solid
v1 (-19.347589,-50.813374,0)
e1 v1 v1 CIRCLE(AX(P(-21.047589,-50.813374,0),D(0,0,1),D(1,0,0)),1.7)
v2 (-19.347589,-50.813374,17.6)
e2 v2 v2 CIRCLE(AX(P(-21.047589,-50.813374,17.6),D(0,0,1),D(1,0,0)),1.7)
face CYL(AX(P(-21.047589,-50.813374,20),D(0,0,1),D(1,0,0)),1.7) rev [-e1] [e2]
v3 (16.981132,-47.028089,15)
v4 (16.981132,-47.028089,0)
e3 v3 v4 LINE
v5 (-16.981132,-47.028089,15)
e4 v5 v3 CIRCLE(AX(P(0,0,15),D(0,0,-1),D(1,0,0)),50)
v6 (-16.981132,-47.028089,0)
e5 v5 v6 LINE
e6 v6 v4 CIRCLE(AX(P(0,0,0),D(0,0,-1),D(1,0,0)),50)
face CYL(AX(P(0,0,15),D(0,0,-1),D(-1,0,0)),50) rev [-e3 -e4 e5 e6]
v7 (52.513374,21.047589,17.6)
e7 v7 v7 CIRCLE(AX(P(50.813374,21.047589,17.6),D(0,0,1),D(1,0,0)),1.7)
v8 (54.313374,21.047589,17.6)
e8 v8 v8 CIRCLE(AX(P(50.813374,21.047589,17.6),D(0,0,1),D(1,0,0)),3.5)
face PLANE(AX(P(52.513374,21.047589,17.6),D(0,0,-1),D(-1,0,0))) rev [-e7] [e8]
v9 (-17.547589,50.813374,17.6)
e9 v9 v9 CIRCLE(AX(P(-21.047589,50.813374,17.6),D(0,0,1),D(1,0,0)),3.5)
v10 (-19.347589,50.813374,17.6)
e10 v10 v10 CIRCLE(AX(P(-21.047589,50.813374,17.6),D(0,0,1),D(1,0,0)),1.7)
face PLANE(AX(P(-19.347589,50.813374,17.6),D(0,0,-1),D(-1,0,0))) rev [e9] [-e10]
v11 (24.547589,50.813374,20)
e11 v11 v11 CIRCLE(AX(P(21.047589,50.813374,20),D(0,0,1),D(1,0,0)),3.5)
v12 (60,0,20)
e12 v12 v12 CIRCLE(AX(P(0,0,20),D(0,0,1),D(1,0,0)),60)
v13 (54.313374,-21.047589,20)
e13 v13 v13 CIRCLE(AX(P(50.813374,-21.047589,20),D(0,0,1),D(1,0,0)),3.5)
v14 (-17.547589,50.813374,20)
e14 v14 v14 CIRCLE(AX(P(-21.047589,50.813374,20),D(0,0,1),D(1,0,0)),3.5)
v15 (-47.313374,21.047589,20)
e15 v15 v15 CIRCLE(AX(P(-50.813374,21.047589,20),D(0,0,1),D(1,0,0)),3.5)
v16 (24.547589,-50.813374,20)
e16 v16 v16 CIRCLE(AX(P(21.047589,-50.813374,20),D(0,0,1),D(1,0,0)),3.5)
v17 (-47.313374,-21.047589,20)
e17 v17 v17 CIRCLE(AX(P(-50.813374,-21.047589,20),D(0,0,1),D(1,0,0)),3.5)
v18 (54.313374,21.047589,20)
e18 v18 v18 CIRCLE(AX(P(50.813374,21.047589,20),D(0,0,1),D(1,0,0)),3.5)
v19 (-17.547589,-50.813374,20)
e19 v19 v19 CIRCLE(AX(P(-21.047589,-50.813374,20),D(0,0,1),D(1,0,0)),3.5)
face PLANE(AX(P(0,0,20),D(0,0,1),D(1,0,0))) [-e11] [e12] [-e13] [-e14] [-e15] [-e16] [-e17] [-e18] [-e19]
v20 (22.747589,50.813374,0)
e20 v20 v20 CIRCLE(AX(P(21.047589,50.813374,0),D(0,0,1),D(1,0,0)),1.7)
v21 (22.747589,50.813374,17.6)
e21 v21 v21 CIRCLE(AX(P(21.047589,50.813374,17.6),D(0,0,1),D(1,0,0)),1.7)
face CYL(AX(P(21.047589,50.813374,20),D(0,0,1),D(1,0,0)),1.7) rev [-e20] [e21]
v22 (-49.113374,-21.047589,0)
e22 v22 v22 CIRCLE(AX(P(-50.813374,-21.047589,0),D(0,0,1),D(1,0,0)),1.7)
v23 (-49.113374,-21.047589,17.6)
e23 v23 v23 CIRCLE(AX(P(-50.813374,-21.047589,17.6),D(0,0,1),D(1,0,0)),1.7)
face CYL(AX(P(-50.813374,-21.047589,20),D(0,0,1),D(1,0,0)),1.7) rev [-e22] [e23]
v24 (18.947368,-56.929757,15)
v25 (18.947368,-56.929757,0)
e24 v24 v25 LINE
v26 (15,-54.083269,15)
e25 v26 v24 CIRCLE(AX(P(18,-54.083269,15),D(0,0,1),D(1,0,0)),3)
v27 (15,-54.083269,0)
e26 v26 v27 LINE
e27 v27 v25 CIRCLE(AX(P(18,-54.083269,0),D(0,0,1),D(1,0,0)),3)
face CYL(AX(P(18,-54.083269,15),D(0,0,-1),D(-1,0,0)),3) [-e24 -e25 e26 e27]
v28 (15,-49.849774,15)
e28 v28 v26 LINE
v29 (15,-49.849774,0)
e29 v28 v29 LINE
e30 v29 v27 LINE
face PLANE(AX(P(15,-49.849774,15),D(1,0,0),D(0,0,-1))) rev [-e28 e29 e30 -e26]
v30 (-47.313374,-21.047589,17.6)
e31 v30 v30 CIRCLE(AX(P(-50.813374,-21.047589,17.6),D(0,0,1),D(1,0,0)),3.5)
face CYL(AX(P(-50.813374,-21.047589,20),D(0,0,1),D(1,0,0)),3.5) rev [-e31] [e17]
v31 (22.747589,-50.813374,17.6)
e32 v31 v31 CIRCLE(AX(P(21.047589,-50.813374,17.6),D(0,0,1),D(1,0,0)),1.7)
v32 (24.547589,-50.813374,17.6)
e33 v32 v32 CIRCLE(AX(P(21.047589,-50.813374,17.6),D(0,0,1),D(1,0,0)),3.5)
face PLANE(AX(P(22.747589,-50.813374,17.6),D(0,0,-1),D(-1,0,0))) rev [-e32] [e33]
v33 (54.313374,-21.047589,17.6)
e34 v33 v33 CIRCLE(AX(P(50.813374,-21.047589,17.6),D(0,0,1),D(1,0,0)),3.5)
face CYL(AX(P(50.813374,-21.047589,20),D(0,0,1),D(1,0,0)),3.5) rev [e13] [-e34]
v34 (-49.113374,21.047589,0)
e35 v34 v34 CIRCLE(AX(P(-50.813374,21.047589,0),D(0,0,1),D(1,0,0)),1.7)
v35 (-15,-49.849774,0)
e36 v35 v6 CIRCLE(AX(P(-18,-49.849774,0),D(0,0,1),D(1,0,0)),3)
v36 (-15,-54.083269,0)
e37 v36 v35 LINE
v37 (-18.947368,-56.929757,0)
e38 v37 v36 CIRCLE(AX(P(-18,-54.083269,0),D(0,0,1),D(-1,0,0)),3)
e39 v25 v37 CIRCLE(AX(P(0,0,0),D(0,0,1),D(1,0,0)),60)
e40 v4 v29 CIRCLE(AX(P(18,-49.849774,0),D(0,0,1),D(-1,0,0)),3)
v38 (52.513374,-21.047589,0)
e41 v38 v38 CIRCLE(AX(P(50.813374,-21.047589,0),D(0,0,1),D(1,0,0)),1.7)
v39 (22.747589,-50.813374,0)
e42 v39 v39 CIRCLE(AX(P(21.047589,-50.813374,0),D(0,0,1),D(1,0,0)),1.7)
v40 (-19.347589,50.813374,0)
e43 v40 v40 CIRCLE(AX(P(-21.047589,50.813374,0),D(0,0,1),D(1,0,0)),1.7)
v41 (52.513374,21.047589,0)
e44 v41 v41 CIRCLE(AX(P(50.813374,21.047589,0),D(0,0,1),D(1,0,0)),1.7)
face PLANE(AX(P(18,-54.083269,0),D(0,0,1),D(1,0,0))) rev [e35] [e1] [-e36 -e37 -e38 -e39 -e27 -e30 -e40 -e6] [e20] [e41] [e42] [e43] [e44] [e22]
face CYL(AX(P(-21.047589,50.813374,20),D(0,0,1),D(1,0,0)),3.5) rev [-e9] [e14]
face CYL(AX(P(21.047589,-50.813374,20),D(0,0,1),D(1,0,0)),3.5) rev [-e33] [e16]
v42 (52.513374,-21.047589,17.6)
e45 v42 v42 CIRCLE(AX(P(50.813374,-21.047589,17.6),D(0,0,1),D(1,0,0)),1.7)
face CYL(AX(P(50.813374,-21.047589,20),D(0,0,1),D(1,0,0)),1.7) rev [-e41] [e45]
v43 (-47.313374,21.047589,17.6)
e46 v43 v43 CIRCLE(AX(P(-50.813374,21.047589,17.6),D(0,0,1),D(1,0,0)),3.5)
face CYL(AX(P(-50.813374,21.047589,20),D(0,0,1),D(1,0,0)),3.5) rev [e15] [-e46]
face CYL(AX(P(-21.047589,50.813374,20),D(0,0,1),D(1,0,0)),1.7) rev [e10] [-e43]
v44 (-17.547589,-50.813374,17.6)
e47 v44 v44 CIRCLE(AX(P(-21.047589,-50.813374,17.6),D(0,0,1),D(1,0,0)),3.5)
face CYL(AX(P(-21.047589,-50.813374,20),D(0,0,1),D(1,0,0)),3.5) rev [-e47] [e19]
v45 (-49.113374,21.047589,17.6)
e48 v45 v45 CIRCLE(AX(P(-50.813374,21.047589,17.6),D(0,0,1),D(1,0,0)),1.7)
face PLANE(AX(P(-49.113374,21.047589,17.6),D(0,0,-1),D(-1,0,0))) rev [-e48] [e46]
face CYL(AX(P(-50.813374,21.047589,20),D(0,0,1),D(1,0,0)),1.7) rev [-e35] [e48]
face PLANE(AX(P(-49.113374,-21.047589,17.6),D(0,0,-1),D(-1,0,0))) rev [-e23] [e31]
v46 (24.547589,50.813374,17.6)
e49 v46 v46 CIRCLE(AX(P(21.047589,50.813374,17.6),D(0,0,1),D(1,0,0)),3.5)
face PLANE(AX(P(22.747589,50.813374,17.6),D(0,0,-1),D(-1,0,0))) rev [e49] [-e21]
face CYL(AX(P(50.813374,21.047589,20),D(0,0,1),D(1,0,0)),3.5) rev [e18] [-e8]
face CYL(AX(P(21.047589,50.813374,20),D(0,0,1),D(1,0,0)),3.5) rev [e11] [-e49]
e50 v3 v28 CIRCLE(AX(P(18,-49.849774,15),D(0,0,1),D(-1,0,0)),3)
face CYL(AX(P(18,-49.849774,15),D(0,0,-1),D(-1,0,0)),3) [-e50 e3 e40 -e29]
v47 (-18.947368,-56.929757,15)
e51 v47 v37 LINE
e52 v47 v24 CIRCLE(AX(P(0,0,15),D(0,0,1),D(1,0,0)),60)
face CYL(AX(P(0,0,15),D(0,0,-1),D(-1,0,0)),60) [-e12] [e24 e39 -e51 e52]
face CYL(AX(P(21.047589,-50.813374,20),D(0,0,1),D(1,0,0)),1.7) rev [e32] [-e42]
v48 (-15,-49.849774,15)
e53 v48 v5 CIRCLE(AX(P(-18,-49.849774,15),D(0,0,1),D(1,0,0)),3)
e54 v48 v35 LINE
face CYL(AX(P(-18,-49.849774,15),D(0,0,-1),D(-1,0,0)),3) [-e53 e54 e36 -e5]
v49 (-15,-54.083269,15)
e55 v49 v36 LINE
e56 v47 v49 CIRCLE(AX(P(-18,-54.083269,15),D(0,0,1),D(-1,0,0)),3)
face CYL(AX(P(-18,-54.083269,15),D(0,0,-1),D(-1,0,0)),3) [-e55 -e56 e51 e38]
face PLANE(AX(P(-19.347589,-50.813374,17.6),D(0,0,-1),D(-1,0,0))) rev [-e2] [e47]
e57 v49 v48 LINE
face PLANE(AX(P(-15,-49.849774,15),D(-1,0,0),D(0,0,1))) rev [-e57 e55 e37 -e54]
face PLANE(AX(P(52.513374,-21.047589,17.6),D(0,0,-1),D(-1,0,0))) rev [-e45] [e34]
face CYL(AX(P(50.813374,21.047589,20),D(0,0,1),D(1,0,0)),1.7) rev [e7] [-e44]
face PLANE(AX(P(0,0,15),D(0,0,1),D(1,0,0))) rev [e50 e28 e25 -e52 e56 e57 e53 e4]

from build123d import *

# Parameters (mm, degrees)
SALIENTE_EXTRUIR1_DEPTH                              = 15
CROQUIS2_R                                           = 60
SALIENTE_EXTRUIR2_DEPTH                              = 5
REFRENTADO_PARA_TORNILLO_CON_CABEZA_TRON_D           = 3.4
REFRENTADO_PARA_TORNILLO_CON_CABEZA_TRON_CBORE_D     = 7
REFRENTADO_PARA_TORNILLO_CON_CABEZA_TRON_CBORE_DEPTH = 2.4


with BuildPart() as part:
    # Croquis1 → Saliente-Extruir1 (new body)
    with BuildSketch(Plane.XY):
        with BuildLine():
            Line((-15, -49.849774322), (-15, -54.083269132))
            ThreePointArc((-15, -54.083269132), (-16.245307044, -56.516590449), (-18.947368421, -56.929756981))
            ThreePointArc((-18.947368421, -56.929756981), (0, 60), (18.947368421, -56.929756981))
            ThreePointArc((18.947368421, -56.929756981), (16.245307044, -56.516590449), (15, -54.083269132))
            Line((15, -54.083269132), (15, -49.849774322))
            ThreePointArc((15, -49.849774322), (15.544739955, -48.125912926), (16.981132075, -47.028088983))
            ThreePointArc((16.981132075, -47.028088983), (0, 50), (-16.981132075, -47.028088983))
            ThreePointArc((-16.981132075, -47.028088983), (-15.544739955, -48.125912926), (-15, -49.849774322))
        make_face()
    extrude(amount=SALIENTE_EXTRUIR1_DEPTH)

    # Croquis2 → Saliente-Extruir2 (add)
    with BuildSketch(Plane.XY.offset(15)):
        with Locations(Location((0, 0, 0), (0, 0, 251.591519829))):
            Circle(CROQUIS2_R)
    extrude(amount=SALIENTE_EXTRUIR2_DEPTH)

    # Refrentado para tornillo con cabeza troncocónica de M31 (through all)
    with Locations(Plane.XY.offset(20)):
        with Locations((-21.04758878, 50.813374288), (21.04758878, 50.813374288), (50.813374288, 21.04758878), (50.813374288, -21.04758878), (21.04758878, -50.813374288), (-21.04758878, -50.813374288), (-50.813374288, -21.04758878), (-50.813374288, 21.04758878)):
            CounterBoreHole(REFRENTADO_PARA_TORNILLO_CON_CABEZA_TRON_D / 2, REFRENTADO_PARA_TORNILLO_CON_CABEZA_TRON_CBORE_D / 2, REFRENTADO_PARA_TORNILLO_CON_CABEZA_TRON_CBORE_DEPTH)


solid = part.part
